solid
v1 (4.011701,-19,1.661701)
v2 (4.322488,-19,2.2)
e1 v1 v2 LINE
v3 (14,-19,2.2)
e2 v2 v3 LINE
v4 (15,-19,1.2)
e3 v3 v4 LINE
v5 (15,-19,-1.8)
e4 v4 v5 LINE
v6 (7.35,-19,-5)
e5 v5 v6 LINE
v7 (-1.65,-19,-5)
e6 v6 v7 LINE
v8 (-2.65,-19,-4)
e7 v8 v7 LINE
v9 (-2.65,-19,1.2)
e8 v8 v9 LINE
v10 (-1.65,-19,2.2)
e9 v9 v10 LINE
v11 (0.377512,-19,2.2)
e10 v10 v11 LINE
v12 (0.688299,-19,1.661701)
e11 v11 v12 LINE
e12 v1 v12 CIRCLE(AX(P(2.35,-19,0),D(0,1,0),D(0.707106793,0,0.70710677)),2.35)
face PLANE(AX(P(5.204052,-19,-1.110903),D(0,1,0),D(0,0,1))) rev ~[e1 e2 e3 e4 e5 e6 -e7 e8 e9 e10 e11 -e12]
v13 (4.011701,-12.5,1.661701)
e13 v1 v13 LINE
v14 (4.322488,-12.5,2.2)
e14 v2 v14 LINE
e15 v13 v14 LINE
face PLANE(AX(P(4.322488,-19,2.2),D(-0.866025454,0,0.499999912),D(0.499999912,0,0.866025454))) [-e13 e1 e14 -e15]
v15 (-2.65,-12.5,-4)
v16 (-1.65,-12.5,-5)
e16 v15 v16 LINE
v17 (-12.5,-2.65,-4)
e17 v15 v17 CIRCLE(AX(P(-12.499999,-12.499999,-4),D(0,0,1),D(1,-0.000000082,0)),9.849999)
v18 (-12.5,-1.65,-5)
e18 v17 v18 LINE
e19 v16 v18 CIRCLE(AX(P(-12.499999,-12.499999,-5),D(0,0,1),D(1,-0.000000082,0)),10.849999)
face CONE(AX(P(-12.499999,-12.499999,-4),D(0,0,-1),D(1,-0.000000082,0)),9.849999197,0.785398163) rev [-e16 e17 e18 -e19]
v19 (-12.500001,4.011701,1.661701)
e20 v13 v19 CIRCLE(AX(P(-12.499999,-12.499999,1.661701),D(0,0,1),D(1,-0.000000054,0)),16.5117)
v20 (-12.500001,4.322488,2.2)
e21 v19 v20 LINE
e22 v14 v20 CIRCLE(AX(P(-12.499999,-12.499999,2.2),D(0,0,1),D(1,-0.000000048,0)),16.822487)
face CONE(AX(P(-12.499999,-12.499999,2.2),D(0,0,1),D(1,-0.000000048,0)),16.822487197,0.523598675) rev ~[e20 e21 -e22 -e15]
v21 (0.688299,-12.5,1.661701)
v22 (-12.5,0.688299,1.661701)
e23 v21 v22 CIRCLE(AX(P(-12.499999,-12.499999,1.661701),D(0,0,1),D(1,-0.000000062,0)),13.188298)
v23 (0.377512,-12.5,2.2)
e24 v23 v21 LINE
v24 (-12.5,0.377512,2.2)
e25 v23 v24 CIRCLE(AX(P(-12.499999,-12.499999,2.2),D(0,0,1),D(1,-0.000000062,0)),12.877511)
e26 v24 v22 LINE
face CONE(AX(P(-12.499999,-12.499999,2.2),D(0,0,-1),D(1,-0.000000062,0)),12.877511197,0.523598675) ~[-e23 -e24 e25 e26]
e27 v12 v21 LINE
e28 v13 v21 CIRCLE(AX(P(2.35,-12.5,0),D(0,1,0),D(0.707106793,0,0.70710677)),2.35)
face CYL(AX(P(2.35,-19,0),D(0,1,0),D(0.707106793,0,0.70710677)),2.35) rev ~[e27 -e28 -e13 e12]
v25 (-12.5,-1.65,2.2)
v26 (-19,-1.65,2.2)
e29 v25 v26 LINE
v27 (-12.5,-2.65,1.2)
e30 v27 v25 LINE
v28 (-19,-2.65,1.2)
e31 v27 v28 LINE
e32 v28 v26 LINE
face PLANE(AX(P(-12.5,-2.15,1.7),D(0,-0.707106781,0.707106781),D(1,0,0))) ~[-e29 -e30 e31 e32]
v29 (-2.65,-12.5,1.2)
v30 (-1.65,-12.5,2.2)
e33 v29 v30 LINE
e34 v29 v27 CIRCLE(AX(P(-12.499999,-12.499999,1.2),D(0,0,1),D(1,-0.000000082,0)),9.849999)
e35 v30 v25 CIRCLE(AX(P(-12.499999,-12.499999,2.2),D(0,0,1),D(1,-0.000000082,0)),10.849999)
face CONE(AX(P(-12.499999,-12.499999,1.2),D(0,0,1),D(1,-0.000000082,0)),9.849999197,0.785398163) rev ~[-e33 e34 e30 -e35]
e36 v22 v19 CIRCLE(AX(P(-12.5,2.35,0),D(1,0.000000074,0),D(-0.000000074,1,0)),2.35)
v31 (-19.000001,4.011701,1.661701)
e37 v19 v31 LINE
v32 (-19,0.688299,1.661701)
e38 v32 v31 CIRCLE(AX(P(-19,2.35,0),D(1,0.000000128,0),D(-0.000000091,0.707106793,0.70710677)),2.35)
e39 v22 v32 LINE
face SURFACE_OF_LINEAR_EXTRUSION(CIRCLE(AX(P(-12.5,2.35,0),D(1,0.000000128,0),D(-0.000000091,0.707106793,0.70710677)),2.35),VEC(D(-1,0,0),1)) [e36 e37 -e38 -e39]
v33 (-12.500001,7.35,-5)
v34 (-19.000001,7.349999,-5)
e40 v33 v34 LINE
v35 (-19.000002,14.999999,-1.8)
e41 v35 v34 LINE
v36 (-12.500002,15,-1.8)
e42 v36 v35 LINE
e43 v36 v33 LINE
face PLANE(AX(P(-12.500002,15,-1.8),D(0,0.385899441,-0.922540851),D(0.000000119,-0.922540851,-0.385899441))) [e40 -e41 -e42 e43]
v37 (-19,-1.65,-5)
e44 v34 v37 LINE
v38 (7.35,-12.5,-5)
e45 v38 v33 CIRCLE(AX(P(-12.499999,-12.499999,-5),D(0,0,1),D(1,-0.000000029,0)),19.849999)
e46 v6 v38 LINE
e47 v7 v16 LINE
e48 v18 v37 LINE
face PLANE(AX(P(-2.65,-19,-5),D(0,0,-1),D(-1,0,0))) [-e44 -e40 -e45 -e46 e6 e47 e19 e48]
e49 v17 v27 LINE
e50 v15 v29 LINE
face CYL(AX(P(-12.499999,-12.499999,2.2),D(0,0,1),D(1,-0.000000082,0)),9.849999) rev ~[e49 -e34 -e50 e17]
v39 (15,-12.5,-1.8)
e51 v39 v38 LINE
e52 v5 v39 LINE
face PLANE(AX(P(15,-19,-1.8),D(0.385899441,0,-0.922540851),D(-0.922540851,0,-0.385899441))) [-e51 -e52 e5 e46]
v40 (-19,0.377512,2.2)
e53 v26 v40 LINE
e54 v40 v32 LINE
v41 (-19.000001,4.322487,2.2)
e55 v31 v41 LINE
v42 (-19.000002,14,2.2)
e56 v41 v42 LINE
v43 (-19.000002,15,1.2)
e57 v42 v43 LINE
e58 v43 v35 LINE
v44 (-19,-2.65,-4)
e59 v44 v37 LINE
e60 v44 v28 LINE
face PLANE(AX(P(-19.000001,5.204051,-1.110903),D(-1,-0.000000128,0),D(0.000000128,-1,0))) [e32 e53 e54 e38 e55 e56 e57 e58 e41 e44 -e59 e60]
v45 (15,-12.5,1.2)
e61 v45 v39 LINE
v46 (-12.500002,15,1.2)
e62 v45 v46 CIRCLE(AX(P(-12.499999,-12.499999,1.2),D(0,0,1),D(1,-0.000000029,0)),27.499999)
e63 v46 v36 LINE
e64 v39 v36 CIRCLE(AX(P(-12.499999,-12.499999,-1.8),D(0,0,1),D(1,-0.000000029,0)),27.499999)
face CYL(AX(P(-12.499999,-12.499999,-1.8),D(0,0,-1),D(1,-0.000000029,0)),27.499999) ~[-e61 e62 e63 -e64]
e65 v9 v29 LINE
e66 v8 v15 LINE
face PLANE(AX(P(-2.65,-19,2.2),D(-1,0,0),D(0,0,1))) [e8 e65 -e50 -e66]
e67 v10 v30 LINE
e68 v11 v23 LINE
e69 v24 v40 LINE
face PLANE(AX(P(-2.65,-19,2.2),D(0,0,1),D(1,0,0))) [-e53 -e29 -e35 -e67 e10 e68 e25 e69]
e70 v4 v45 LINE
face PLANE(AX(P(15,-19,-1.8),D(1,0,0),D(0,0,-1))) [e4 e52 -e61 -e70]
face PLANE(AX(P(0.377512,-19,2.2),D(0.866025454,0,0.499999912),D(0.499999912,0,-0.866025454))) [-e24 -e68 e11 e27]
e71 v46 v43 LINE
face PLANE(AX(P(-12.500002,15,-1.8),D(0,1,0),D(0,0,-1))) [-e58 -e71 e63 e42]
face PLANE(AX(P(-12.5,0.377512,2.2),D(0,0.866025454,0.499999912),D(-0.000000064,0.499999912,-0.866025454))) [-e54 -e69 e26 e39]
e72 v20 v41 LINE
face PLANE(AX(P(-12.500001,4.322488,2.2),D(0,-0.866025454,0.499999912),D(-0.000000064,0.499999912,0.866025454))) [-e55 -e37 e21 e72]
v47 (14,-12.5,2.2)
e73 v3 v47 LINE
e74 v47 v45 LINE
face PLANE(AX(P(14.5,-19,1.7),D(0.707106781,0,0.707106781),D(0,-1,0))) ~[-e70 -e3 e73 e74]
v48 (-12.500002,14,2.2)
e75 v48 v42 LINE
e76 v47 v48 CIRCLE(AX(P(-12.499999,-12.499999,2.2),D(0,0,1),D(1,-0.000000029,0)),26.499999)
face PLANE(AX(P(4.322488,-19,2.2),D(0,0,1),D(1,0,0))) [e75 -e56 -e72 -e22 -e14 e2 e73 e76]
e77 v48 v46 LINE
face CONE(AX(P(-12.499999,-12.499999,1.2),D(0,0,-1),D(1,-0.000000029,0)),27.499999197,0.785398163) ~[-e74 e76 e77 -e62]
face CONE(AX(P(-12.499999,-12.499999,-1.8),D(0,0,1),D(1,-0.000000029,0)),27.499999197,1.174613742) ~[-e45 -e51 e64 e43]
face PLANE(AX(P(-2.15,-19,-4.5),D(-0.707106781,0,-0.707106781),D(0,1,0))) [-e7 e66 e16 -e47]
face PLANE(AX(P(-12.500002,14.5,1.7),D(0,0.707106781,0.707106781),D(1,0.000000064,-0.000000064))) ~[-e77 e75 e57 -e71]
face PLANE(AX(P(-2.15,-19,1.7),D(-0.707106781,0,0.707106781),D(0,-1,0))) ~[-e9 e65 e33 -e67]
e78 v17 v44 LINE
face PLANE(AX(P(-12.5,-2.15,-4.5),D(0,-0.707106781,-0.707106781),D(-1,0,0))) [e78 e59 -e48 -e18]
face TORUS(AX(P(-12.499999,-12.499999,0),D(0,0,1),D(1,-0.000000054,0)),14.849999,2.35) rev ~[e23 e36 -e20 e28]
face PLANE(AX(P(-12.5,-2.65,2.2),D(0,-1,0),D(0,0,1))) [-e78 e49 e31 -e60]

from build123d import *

# Parameters (mm, degrees)
CHAMFER_SIZE = 1


with BuildPart() as part:
    # AdditivePipe: sweep along a path in Sketch
    with BuildLine(Plane.XY) as additivepipe_path:
        Line((0, -19), (0, -12.5))
        ThreePointArc((0, -12.5), (-3.661165, -3.661165), (-12.5, 0))
        Line((-12.5, 0), (-19, 0))
    # Sketch001 → AdditivePipe (sweep)
    with BuildSketch(Plane(origin=(0, -19, 0), x_dir=(-1, 0, 0), z_dir=(0, 1, 0))):
        with BuildLine():
            Line((2.65, 2.2), (2.65, -5))
            Line((2.65, -5), (-7.35, -5))
            Line((-15, -1.8), (-7.35, -5))
            Line((-15, -1.8), (-15, 2.2))
            Line((-4.322488, 2.2), (-15, 2.2))
            Line((-4.322488, 2.2), (-4.011701, 1.661701))
            ThreePointArc((-4.011701, 1.661701), (-2.35, -2.35), (-0.688299, 1.661701))
            Line((-0.377512, 2.2), (-0.688299, 1.661701))
            Line((2.65, 2.2), (-0.377512, 2.2))
        make_face()
    sweep(path=additivepipe_path.line)

    # Chamfer
    chamfer_edges = [part.edges().sort_by_distance(p)[0] for p in [
        (-2.65, -15.75, -5),
        (-2.65, -15.75, 2.2),
        (15, -15.75, 2.2),
    ]]
    chamfer(chamfer_edges, length=CHAMFER_SIZE)


solid = part.part
